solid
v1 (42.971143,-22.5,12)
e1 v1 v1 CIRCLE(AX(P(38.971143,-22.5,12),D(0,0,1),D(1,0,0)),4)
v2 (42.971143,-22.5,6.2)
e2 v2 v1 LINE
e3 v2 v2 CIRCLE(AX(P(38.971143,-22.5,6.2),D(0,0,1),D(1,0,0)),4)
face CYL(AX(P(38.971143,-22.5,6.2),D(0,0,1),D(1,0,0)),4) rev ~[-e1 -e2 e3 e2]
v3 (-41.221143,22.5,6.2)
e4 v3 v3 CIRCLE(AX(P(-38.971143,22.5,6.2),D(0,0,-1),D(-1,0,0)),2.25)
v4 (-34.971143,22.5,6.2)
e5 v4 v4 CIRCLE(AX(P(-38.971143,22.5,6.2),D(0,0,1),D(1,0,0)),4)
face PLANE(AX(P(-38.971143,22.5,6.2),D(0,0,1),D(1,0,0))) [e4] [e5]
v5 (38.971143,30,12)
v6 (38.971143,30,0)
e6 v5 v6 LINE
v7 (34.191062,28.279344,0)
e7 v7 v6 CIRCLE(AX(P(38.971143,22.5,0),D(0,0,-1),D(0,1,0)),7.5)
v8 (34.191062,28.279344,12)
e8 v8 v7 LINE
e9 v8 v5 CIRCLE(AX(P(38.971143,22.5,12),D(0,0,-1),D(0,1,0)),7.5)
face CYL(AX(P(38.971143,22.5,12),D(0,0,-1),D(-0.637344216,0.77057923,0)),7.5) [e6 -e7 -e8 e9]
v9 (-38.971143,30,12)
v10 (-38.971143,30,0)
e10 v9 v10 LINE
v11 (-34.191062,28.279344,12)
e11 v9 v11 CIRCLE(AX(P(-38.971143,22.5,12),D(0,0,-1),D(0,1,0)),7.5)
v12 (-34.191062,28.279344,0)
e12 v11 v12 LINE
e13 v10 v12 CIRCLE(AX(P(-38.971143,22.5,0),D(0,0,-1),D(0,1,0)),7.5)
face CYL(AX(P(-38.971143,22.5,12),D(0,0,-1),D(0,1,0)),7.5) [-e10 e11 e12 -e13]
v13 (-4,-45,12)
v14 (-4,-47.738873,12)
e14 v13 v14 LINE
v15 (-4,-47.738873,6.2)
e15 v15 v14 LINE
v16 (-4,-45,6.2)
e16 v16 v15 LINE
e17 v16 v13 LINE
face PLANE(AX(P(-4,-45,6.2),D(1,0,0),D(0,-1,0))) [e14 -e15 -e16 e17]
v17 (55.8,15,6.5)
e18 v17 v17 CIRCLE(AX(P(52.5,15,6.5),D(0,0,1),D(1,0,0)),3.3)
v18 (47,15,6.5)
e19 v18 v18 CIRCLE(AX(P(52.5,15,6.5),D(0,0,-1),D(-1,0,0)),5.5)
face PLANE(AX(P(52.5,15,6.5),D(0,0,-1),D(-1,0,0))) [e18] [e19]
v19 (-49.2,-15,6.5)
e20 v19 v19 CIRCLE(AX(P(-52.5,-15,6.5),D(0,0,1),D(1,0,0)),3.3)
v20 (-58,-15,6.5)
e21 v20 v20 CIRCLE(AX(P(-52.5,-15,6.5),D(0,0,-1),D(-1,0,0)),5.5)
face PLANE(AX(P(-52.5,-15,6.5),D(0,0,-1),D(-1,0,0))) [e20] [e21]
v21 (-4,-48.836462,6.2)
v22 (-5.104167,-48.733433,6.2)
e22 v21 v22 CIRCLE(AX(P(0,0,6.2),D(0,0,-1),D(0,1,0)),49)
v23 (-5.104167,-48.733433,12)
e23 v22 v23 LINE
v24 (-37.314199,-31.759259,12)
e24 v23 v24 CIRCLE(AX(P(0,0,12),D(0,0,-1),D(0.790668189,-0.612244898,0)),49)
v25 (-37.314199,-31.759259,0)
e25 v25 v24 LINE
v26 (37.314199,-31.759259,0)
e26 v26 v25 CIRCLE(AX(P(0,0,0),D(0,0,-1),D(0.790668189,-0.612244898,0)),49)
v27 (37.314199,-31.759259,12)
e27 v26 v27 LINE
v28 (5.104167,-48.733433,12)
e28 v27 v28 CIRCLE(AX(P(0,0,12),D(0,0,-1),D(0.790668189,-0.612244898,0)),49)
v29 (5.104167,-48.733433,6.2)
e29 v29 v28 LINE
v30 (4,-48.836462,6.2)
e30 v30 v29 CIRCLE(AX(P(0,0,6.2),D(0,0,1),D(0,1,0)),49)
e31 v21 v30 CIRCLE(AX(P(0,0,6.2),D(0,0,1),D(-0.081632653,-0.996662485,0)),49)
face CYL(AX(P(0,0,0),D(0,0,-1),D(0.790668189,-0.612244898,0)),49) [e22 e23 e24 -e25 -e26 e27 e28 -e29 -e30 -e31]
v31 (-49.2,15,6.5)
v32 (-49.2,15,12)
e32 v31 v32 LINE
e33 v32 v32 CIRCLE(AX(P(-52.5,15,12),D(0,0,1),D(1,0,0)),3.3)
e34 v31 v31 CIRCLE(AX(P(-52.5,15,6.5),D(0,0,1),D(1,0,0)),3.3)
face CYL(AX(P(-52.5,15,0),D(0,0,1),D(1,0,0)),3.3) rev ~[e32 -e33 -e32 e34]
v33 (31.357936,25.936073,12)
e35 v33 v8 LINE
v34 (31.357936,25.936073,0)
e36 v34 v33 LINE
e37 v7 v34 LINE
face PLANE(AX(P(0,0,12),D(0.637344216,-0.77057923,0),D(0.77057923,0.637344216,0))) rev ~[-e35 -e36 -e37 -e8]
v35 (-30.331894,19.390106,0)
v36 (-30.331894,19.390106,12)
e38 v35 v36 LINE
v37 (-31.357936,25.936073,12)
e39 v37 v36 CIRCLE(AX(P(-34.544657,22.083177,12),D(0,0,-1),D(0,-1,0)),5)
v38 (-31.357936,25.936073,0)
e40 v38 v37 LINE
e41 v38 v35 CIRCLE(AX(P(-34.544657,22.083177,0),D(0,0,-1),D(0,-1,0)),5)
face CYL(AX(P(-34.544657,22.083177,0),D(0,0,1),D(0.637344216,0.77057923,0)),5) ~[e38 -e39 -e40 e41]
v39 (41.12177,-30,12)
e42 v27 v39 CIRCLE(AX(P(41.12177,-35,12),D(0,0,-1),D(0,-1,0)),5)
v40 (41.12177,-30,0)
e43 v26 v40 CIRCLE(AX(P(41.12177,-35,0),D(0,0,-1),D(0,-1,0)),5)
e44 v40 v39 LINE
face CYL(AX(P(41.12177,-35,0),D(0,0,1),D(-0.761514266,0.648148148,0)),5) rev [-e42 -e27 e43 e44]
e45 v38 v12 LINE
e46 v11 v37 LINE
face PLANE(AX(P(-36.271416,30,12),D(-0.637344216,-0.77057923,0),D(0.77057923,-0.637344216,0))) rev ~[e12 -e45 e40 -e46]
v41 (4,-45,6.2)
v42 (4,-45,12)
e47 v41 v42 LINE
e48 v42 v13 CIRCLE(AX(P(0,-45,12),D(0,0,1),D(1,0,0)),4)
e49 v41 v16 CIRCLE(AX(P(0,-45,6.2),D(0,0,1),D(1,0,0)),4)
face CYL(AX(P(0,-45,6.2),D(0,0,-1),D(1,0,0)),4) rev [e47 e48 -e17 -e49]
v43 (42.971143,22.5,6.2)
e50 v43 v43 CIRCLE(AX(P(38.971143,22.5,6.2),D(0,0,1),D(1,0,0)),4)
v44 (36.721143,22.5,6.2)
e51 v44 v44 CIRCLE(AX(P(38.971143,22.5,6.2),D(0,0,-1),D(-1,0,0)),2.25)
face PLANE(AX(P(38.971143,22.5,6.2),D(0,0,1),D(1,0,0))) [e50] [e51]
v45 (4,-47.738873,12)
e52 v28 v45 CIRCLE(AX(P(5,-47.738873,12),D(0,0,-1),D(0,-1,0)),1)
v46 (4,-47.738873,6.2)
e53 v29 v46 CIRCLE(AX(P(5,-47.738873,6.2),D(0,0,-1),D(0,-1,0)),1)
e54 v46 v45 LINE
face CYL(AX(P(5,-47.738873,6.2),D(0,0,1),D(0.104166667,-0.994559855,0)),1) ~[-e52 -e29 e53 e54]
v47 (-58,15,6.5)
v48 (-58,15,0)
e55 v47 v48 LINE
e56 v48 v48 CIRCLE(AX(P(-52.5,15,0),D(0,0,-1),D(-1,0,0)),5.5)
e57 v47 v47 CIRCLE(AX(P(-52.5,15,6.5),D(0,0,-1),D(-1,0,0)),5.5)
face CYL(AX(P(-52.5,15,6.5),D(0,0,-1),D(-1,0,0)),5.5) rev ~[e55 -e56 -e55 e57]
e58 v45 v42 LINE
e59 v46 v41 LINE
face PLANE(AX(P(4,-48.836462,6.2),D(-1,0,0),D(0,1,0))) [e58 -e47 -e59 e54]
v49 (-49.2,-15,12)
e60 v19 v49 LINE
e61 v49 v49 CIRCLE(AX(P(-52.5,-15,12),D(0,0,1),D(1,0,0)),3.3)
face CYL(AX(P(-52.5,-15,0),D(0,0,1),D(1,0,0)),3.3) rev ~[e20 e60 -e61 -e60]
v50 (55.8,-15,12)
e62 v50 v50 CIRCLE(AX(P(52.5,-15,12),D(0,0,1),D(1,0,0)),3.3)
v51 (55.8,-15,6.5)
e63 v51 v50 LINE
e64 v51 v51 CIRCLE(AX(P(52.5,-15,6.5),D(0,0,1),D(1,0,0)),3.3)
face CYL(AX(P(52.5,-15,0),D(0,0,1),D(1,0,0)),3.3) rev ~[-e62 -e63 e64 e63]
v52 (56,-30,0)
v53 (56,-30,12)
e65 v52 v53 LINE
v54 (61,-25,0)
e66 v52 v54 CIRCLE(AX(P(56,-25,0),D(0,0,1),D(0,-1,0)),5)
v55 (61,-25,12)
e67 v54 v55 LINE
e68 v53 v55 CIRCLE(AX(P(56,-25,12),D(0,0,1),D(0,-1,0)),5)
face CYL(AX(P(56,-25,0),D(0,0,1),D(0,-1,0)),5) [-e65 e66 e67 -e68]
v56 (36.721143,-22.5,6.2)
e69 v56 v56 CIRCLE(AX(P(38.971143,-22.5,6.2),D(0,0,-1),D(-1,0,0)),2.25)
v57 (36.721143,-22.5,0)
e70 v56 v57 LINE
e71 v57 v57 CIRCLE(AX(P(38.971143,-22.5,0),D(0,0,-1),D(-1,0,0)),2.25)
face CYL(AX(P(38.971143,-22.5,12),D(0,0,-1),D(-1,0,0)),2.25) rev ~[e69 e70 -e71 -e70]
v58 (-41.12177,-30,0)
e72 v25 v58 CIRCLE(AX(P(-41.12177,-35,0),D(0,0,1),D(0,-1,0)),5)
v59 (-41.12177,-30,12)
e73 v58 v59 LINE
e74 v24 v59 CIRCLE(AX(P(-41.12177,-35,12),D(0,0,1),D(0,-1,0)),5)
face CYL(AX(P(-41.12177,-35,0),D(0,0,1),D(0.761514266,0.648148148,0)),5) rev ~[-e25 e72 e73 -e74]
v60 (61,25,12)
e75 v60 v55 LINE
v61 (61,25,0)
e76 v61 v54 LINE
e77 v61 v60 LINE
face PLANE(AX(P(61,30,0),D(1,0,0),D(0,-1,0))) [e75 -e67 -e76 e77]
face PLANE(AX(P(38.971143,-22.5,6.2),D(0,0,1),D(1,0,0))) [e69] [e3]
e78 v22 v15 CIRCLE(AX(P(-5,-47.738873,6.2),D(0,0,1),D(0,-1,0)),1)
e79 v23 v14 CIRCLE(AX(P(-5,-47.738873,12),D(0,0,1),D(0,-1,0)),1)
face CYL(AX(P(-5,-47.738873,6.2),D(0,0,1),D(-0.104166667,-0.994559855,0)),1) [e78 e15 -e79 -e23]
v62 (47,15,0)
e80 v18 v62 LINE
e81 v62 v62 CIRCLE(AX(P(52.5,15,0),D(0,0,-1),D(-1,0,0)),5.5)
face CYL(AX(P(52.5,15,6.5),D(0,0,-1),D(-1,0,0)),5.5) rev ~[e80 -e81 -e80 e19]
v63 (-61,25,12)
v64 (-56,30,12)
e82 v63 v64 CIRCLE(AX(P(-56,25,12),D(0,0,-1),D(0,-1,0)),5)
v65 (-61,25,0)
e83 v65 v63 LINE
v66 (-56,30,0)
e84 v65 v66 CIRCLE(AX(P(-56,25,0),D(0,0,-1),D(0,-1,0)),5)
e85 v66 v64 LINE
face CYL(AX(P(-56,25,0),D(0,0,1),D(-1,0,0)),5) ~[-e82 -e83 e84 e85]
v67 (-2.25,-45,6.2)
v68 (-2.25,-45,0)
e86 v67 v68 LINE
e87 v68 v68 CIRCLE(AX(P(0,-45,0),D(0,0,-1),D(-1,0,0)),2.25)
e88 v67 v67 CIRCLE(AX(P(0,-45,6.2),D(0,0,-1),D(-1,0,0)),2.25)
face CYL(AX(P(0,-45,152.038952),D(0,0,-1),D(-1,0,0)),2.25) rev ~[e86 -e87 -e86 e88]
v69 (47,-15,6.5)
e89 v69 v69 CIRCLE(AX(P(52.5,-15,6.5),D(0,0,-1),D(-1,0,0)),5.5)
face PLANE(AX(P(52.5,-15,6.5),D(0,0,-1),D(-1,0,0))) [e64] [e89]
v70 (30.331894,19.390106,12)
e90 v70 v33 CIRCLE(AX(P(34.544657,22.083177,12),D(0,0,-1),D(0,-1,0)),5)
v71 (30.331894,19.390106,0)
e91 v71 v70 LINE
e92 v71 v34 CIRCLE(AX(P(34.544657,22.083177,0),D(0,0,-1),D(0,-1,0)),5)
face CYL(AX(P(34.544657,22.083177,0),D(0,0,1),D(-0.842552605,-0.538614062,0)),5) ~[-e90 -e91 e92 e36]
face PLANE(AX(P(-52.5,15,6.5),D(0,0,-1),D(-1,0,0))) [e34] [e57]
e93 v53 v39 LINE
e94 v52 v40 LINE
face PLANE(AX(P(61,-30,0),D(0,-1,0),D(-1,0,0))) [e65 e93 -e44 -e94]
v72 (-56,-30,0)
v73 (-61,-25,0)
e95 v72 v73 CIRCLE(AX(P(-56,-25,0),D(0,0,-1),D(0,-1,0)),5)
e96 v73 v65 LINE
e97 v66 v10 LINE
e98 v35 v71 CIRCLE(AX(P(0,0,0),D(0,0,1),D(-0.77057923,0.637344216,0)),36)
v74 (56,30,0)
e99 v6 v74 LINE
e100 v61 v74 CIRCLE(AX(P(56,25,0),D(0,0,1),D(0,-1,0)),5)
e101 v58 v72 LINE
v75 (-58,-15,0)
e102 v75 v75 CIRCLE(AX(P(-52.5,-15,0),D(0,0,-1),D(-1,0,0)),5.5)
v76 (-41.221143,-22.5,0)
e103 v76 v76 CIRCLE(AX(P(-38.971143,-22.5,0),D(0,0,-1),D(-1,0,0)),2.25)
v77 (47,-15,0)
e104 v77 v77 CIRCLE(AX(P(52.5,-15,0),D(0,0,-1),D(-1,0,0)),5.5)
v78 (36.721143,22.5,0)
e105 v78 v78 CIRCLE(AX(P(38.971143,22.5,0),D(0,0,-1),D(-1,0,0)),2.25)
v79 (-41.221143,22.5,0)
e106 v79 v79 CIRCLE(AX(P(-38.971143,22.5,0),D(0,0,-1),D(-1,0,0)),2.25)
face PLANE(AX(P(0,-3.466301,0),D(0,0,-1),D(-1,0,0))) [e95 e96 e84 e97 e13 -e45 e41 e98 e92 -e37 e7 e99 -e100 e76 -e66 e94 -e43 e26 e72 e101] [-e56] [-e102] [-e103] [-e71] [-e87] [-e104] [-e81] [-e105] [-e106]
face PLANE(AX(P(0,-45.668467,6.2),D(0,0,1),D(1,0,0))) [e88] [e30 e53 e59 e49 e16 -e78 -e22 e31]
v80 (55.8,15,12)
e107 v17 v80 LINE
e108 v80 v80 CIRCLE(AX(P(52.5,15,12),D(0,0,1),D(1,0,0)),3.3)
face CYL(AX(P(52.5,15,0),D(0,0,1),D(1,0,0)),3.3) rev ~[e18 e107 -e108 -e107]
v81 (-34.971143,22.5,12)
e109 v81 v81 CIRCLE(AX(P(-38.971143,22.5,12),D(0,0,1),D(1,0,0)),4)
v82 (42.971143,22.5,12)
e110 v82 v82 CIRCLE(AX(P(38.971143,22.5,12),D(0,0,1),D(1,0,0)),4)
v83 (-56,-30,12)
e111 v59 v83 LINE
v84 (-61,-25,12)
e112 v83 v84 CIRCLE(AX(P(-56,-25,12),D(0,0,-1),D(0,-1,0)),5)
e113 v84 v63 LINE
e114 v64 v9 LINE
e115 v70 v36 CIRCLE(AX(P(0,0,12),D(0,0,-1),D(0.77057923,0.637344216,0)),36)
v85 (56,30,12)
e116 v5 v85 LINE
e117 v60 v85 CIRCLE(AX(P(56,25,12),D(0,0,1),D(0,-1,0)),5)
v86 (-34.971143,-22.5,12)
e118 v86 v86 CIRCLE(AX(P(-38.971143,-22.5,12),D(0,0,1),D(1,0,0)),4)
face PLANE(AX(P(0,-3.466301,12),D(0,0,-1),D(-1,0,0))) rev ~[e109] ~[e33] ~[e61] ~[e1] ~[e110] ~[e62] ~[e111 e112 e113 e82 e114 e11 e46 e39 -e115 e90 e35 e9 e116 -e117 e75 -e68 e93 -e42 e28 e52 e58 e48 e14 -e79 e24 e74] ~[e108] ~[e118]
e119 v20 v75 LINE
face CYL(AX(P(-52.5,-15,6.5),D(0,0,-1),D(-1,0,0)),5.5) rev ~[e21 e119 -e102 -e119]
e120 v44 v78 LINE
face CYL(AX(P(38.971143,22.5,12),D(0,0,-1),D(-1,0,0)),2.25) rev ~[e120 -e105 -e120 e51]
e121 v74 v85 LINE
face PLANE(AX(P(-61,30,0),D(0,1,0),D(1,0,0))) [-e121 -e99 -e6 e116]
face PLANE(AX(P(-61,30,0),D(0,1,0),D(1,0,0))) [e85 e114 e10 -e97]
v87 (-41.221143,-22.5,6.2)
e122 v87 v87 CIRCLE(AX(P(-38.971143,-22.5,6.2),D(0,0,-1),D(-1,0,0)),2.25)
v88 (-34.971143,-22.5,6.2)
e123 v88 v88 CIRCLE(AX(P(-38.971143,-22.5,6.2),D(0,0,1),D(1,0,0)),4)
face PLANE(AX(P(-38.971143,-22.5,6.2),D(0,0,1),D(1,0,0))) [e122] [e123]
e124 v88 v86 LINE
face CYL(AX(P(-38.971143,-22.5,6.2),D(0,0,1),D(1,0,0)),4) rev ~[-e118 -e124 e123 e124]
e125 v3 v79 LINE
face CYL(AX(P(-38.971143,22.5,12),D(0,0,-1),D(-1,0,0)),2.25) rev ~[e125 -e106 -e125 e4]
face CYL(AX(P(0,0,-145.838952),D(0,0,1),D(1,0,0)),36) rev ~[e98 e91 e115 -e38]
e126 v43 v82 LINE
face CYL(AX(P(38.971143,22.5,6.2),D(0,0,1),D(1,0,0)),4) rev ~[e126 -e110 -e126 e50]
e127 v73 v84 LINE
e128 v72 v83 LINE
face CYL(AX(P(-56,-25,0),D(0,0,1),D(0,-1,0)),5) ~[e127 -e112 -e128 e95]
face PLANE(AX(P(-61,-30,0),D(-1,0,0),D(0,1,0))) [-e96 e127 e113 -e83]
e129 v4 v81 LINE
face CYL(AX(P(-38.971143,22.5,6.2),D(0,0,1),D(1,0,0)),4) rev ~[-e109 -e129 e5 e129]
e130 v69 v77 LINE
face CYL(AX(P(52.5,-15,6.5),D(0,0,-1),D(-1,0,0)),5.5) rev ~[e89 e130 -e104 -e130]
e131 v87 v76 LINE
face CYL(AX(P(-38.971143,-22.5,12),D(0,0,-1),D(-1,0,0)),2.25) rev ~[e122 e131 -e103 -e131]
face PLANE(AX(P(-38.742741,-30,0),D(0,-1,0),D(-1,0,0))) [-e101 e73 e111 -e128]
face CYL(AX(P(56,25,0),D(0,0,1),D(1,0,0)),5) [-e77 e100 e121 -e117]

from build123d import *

# Parameters (mm, degrees)
EXTRUDE_1_DEPTH              = 12
CUT_EXTRUDE_1_DEPTH          = 80.158069709
CUT_EXTRUDE_START            = -5.8
CUT_EXTRUDE_2_DEPTH          = 5.8
HOLE_WIZARD_4_5_4_5_1_D      = 4.5
HOLE_WIZARD_M64_1_D          = 72
HOLE_WIZARD_M6_1_D           = 6.6
HOLE_WIZARD_M6_1_CBORE_D     = 11
HOLE_WIZARD_M6_1_CBORE_DEPTH = 6.5
HOLE_WIZARD_M4_1_D           = 4.5
HOLE_WIZARD_M4_1_CBORE_D     = 8
HOLE_WIZARD_M4_1_CBORE_DEPTH = 5.8
FILLET_1_R                   = 1
FILLET_2_R                   = 5
FILLET_3_R                   = 7.5


with BuildPart() as part:
    # 草图1 → 凸台-拉伸1 (new body)
    with BuildSketch(Plane(origin=(0, 0, 0), x_dir=(-1, 0, 0), z_dir=(0, 0, -1))):
        with BuildLine():
            Line((61, -30), (61, 30))
            Line((61, 30), (-61, 30))
            Line((-61, 30), (-61, -30))
            Line((-61, -30), (-38.742741256, -30))
            ThreePointArc((-38.742741256, -30), (0, -49), (38.742741256, -30))
            Line((38.742741256, -30), (61, -30))
        make_face()
    extrude(amount=-EXTRUDE_1_DEPTH)

    # 草图2 → 切除-拉伸1 (cut, through all)
    with BuildSketch(Plane.XY.offset(12)):
        Polygon((-36.271415569, 30), (0, 0), (36.271415569, 30), align=None)
    extrude(amount=-CUT_EXTRUDE_1_DEPTH, mode=Mode.SUBTRACT)

    # 草图3 → 切除-拉伸2 (cut)
    with BuildSketch(Plane.XY.offset(12).offset(CUT_EXTRUDE_START)):
        with BuildLine():
            Line((4, -48.836461788), (4, -45))
            ThreePointArc((4, -45), (0, -41), (-4, -45))
            Line((-4, -45), (-4, -48.836461788))
            ThreePointArc((-4, -48.836461788), (0, -49), (4, -48.836461788))
        make_face()
    extrude(amount=CUT_EXTRUDE_2_DEPTH, mode=Mode.SUBTRACT)

    # Ø4.5 (4.5) 直径孔1 (through all)
    with Locations(Plane.XY.offset(6.2)):
        with Locations((0, -45)):
            Hole(HOLE_WIZARD_4_5_4_5_1_D / 2)

    # M64 间隙孔1 (through all)
    with Locations(Plane(origin=(0, 0, 0), x_dir=(-1, 0, 0), z_dir=(0, 0, -1))):
        with Locations((0, 0)):
            Hole(HOLE_WIZARD_M64_1_D / 2)

    # M6 六角头螺栓的柱形沉头孔1 (through all)
    with Locations(Plane(origin=(0, 0, 0), x_dir=(-1, 0, 0), z_dir=(0, 0, -1))):
        with Locations((-52.5, -15), (52.5, 15), (52.5, -15), (-52.5, 15)):
            CounterBoreHole(HOLE_WIZARD_M6_1_D / 2, HOLE_WIZARD_M6_1_CBORE_D / 2, HOLE_WIZARD_M6_1_CBORE_DEPTH)

    # M4 六角头机械螺钉的柱形沉头孔1 (through all)
    with Locations(Plane.XY.offset(12)):
        with Locations((38.97114317, 22.5), (38.97114317, -22.5), (-38.97114317, -22.5), (-38.97114317, 22.5)):
            CounterBoreHole(HOLE_WIZARD_M4_1_D / 2, HOLE_WIZARD_M4_1_CBORE_D / 2, HOLE_WIZARD_M4_1_CBORE_DEPTH)

    # 圆角1
    fillet_1_edges = [part.edges().sort_by_distance(p)[0] for p in [
        (4, -48.836461788, 9.1),
        (-4, -48.836461788, 9.1),
    ]]
    fillet(fillet_1_edges, radius=FILLET_1_R)

    # 圆角2
    fillet_2_edges = [part.edges().sort_by_distance(p)[0] for p in [
        (-38.742741256, -30, 6),
        (38.742741256, -30, 6),
        (61, -30, 6),
        (61, 30, 6),
        (-61, 30, 6),
        (-61, -30, 6),
        (-27.740852298, 22.944391772, 6),
        (27.740852298, 22.944391772, 6),
    ]]
    fillet(fillet_2_edges, radius=FILLET_2_R)

    # 圆角3
    fillet_3_edges = [part.edges().sort_by_distance(p)[0] for p in [
        (-36.271415569, 30, 6),
        (36.271415569, 30, 6),
    ]]
    fillet(fillet_3_edges, radius=FILLET_3_R)


solid = part.part
